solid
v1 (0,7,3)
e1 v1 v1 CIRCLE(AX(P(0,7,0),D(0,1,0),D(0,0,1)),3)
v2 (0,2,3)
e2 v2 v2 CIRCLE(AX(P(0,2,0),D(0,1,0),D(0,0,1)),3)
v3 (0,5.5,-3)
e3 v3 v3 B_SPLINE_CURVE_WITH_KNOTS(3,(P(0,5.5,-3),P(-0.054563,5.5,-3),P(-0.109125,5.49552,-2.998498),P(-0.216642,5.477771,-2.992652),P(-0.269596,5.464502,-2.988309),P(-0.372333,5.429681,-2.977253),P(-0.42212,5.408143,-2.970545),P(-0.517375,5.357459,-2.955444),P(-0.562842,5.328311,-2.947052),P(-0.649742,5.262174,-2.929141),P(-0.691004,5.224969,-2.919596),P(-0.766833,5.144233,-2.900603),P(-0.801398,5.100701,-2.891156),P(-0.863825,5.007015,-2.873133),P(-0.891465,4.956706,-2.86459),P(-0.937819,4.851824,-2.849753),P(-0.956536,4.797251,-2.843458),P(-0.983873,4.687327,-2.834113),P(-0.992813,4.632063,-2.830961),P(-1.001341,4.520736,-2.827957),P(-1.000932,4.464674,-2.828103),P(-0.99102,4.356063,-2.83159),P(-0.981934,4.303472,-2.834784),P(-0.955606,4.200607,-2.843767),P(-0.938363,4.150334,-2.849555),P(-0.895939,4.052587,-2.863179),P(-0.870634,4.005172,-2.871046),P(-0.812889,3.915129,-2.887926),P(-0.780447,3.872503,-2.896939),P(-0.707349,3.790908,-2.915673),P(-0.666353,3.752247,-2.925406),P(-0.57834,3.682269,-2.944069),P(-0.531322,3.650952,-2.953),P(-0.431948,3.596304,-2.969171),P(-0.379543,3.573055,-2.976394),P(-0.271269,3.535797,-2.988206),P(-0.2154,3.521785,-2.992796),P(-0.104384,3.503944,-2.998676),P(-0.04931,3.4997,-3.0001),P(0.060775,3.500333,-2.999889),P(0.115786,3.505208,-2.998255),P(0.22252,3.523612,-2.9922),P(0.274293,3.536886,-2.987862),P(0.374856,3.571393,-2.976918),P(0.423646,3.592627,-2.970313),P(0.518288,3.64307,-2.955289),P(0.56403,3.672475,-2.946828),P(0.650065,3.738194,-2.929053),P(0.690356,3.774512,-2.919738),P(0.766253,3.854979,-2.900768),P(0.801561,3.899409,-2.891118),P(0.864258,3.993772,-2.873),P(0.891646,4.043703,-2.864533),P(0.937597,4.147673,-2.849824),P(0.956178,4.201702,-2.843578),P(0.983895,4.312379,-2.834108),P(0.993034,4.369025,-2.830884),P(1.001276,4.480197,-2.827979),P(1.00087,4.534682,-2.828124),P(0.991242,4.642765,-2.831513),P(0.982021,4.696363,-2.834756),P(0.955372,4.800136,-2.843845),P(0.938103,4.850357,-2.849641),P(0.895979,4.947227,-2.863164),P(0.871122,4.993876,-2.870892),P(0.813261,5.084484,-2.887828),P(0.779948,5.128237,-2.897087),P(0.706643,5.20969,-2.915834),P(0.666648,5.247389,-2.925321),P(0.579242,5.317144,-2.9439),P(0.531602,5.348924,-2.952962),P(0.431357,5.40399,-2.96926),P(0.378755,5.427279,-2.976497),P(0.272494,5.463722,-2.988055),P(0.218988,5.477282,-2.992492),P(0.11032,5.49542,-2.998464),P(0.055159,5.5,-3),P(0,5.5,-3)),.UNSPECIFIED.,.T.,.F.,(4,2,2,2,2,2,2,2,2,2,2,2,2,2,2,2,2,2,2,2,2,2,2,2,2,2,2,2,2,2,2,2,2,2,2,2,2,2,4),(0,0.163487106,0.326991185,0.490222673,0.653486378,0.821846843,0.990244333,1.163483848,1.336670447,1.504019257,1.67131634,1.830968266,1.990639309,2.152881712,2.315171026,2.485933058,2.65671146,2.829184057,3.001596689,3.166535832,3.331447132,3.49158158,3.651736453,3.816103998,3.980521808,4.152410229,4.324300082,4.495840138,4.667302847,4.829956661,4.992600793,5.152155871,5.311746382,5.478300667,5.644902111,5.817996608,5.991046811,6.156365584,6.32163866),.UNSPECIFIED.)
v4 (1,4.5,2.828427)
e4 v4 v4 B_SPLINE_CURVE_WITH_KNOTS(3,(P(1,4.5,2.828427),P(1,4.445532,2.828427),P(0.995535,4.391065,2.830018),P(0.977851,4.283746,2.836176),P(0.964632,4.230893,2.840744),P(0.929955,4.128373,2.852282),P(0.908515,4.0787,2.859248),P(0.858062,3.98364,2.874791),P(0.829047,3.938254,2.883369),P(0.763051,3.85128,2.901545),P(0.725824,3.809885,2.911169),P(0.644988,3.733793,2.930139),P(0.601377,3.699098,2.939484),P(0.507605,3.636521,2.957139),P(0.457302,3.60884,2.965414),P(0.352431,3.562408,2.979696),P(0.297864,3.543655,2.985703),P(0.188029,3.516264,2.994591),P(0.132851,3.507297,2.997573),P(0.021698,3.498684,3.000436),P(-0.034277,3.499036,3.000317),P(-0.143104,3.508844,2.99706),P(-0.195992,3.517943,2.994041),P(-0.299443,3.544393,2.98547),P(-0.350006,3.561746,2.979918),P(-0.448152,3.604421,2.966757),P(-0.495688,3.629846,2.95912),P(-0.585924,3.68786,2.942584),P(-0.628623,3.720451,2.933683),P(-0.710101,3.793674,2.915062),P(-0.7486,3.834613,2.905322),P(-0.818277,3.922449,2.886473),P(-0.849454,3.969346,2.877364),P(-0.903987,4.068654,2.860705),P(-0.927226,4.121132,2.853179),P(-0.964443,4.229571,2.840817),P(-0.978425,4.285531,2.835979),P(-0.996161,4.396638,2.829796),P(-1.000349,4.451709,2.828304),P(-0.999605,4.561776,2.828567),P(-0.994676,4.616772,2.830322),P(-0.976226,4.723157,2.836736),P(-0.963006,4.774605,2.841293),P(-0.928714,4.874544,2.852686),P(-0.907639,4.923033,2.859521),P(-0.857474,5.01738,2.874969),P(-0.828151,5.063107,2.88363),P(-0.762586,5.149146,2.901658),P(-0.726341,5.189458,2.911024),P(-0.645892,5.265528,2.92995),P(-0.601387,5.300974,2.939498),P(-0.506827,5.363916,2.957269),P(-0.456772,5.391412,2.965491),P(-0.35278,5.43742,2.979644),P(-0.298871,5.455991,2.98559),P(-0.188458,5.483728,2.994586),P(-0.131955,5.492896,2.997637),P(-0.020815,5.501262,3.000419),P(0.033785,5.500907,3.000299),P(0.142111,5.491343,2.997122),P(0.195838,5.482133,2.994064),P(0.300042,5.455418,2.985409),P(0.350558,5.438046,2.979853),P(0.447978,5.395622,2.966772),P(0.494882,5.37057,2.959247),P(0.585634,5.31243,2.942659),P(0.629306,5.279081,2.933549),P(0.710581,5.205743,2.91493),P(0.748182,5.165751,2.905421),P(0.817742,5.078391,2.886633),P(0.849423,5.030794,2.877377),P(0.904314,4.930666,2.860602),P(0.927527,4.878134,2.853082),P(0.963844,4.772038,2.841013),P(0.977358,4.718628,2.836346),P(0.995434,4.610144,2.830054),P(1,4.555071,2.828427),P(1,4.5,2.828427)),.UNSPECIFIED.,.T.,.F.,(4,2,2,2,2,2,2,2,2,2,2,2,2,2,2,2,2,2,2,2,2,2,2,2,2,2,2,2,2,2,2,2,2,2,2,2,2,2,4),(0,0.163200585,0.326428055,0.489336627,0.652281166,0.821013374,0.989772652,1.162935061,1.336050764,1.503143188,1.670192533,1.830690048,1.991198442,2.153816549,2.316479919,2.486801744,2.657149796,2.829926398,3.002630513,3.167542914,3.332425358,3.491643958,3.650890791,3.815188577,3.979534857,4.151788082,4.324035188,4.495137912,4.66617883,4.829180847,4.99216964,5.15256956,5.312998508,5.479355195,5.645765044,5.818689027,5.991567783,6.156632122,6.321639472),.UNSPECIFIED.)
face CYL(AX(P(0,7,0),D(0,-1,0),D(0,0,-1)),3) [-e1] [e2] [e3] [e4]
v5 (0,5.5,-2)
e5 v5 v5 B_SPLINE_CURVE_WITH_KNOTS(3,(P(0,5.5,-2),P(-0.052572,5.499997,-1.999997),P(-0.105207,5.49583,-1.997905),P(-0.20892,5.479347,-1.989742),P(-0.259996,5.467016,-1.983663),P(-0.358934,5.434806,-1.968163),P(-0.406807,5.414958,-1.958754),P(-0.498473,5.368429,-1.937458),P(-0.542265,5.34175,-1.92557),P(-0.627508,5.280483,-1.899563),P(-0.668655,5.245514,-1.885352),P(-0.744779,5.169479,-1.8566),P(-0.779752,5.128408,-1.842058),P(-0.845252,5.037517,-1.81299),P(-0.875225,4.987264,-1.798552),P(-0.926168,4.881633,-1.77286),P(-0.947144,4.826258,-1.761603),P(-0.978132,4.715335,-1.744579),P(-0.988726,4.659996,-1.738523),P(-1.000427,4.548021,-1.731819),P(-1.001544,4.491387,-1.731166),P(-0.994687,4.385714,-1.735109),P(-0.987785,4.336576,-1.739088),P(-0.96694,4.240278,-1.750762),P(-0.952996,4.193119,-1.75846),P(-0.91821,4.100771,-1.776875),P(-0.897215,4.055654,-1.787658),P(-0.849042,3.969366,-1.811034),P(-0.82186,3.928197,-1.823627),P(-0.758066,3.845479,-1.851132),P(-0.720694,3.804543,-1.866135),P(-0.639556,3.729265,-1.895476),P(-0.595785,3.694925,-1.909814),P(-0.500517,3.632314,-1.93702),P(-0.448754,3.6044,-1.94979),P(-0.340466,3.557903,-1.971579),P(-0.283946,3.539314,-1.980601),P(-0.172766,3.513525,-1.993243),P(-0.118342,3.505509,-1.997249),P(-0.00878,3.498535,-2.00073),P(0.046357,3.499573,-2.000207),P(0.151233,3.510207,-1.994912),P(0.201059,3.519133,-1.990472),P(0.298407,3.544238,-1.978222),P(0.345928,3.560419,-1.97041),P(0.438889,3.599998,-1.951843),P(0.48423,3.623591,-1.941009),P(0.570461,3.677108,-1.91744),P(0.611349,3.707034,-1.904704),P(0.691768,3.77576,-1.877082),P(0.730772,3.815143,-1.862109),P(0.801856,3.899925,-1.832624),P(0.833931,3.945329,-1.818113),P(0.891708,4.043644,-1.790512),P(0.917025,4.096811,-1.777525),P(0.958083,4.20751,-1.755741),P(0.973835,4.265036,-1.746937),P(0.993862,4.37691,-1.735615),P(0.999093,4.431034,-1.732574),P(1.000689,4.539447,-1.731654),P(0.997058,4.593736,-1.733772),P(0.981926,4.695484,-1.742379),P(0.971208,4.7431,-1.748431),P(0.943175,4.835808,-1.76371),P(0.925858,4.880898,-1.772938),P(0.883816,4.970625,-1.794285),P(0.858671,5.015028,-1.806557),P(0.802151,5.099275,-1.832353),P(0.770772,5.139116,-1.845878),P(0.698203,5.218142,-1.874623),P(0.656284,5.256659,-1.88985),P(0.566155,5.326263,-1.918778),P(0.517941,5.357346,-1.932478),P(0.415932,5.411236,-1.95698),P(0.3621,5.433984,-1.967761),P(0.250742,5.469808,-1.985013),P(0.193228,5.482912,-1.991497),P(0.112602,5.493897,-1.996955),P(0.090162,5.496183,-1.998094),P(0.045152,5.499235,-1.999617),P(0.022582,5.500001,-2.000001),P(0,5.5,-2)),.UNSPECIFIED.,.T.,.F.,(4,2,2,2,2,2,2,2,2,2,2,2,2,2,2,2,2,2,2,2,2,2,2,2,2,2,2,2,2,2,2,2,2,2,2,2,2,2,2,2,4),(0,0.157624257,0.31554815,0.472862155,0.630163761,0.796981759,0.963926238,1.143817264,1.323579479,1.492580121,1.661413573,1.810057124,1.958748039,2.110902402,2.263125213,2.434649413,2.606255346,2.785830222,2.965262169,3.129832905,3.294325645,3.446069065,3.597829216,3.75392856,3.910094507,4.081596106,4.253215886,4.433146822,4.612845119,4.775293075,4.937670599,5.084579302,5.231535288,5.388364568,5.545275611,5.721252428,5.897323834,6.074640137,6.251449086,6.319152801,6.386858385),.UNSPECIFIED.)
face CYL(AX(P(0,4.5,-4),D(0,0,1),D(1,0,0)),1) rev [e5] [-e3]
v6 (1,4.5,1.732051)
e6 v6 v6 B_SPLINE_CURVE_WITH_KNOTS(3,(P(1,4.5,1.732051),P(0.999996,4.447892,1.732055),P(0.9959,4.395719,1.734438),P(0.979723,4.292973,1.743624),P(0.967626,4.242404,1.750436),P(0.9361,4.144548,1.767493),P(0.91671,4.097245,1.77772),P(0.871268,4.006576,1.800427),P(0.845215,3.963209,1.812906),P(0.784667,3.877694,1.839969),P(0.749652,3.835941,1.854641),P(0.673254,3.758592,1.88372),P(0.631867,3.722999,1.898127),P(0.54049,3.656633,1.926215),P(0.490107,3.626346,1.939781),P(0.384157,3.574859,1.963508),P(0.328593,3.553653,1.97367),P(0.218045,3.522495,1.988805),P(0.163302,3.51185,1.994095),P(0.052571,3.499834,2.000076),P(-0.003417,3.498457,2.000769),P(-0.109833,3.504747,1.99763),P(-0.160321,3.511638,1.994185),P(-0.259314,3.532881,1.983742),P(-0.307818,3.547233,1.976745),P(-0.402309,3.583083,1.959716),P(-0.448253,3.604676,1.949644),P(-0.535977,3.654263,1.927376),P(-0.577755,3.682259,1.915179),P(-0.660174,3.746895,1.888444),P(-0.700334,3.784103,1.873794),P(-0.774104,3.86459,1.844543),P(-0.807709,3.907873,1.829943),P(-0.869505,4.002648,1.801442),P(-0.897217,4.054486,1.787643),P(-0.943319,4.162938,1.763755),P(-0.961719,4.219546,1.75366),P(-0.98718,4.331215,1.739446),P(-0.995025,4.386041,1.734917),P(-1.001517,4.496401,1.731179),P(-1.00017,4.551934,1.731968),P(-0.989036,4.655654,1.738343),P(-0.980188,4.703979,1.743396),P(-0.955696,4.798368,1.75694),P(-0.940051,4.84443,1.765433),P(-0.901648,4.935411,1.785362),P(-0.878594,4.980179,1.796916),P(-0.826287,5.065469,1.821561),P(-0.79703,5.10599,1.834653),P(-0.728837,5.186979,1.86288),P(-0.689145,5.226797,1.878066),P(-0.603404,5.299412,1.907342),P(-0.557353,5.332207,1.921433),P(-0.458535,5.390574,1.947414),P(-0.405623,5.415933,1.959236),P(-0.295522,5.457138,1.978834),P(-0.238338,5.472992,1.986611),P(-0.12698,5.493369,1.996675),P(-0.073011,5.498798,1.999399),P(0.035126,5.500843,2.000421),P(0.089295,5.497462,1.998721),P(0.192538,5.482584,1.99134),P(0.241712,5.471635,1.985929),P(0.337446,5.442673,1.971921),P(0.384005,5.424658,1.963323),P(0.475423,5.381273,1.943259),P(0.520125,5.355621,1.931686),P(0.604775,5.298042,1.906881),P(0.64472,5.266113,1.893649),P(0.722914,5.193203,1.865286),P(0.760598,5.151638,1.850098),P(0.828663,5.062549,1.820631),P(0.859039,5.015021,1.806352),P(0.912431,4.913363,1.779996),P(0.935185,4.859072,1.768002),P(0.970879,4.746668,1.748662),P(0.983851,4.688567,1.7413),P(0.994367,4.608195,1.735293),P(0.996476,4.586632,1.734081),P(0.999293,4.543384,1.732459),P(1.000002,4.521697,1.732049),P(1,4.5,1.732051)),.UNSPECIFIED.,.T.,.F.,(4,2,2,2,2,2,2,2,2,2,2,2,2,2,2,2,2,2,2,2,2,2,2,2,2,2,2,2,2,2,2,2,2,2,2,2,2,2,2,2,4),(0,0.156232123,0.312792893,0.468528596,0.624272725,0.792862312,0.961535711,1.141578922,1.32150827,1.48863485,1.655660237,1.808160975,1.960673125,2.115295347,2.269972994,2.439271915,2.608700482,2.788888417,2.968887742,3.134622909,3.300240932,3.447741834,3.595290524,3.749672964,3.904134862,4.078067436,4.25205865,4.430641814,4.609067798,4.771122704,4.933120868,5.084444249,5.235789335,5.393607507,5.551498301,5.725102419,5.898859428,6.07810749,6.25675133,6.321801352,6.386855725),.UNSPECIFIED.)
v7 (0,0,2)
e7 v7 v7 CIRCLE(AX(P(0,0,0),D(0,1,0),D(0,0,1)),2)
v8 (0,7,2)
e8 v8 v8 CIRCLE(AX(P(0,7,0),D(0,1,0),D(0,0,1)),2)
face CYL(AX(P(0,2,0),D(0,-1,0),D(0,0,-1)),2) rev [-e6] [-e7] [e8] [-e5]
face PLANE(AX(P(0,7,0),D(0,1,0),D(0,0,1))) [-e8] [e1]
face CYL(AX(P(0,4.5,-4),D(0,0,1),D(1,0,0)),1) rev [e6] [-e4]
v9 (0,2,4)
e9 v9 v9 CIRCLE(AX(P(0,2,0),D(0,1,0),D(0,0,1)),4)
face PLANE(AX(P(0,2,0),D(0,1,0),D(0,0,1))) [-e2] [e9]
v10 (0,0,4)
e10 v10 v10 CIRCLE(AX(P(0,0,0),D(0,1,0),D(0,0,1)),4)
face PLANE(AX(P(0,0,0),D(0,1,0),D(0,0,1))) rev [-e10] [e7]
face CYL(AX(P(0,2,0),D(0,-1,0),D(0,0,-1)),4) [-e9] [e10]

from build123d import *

# Parameters (mm, degrees)
SKETCH2_R               = 4
SKETCH2_R_2             = 2
BOSS_EXTRUDE1_DEPTH     = 2
SKETCH3_R               = 3
SKETCH3_R_2             = 2
BOSS_EXTRUDE2_DEPTH     = 5
SKETCH4_R               = 1
CUT_EXTRUDE1_DEPTH      = 5
CUT_EXTRUDE1_DEPTH_BACK = 5


with BuildPart() as part:
    # Sketch2 → Boss-Extrude1 (new body)
    with BuildSketch(Plane(origin=(0, 0, 0), x_dir=(1, 0, 0), z_dir=(0, 1, 0))):
        Circle(SKETCH2_R)
        Circle(SKETCH2_R_2, mode=Mode.SUBTRACT)
    extrude(amount=BOSS_EXTRUDE1_DEPTH)

    # Sketch3 → Boss-Extrude2 (add)
    with BuildSketch(Plane(origin=(0, 2, 0), x_dir=(1, 0, 0), z_dir=(0, 1, 0))):
        Circle(SKETCH3_R)
        Circle(SKETCH3_R_2, mode=Mode.SUBTRACT)
    extrude(amount=BOSS_EXTRUDE2_DEPTH)

    # Sketch4 → Cut-Extrude1 (cut, two sides)
    with BuildSketch(Plane.XY) as cut_extrude1_sk:
        with Locations((0, 4.5)):
            Circle(SKETCH4_R)
    extrude(amount=CUT_EXTRUDE1_DEPTH, mode=Mode.SUBTRACT)
    extrude(cut_extrude1_sk.sketch, amount=-CUT_EXTRUDE1_DEPTH_BACK, mode=Mode.SUBTRACT)


solid = part.part
